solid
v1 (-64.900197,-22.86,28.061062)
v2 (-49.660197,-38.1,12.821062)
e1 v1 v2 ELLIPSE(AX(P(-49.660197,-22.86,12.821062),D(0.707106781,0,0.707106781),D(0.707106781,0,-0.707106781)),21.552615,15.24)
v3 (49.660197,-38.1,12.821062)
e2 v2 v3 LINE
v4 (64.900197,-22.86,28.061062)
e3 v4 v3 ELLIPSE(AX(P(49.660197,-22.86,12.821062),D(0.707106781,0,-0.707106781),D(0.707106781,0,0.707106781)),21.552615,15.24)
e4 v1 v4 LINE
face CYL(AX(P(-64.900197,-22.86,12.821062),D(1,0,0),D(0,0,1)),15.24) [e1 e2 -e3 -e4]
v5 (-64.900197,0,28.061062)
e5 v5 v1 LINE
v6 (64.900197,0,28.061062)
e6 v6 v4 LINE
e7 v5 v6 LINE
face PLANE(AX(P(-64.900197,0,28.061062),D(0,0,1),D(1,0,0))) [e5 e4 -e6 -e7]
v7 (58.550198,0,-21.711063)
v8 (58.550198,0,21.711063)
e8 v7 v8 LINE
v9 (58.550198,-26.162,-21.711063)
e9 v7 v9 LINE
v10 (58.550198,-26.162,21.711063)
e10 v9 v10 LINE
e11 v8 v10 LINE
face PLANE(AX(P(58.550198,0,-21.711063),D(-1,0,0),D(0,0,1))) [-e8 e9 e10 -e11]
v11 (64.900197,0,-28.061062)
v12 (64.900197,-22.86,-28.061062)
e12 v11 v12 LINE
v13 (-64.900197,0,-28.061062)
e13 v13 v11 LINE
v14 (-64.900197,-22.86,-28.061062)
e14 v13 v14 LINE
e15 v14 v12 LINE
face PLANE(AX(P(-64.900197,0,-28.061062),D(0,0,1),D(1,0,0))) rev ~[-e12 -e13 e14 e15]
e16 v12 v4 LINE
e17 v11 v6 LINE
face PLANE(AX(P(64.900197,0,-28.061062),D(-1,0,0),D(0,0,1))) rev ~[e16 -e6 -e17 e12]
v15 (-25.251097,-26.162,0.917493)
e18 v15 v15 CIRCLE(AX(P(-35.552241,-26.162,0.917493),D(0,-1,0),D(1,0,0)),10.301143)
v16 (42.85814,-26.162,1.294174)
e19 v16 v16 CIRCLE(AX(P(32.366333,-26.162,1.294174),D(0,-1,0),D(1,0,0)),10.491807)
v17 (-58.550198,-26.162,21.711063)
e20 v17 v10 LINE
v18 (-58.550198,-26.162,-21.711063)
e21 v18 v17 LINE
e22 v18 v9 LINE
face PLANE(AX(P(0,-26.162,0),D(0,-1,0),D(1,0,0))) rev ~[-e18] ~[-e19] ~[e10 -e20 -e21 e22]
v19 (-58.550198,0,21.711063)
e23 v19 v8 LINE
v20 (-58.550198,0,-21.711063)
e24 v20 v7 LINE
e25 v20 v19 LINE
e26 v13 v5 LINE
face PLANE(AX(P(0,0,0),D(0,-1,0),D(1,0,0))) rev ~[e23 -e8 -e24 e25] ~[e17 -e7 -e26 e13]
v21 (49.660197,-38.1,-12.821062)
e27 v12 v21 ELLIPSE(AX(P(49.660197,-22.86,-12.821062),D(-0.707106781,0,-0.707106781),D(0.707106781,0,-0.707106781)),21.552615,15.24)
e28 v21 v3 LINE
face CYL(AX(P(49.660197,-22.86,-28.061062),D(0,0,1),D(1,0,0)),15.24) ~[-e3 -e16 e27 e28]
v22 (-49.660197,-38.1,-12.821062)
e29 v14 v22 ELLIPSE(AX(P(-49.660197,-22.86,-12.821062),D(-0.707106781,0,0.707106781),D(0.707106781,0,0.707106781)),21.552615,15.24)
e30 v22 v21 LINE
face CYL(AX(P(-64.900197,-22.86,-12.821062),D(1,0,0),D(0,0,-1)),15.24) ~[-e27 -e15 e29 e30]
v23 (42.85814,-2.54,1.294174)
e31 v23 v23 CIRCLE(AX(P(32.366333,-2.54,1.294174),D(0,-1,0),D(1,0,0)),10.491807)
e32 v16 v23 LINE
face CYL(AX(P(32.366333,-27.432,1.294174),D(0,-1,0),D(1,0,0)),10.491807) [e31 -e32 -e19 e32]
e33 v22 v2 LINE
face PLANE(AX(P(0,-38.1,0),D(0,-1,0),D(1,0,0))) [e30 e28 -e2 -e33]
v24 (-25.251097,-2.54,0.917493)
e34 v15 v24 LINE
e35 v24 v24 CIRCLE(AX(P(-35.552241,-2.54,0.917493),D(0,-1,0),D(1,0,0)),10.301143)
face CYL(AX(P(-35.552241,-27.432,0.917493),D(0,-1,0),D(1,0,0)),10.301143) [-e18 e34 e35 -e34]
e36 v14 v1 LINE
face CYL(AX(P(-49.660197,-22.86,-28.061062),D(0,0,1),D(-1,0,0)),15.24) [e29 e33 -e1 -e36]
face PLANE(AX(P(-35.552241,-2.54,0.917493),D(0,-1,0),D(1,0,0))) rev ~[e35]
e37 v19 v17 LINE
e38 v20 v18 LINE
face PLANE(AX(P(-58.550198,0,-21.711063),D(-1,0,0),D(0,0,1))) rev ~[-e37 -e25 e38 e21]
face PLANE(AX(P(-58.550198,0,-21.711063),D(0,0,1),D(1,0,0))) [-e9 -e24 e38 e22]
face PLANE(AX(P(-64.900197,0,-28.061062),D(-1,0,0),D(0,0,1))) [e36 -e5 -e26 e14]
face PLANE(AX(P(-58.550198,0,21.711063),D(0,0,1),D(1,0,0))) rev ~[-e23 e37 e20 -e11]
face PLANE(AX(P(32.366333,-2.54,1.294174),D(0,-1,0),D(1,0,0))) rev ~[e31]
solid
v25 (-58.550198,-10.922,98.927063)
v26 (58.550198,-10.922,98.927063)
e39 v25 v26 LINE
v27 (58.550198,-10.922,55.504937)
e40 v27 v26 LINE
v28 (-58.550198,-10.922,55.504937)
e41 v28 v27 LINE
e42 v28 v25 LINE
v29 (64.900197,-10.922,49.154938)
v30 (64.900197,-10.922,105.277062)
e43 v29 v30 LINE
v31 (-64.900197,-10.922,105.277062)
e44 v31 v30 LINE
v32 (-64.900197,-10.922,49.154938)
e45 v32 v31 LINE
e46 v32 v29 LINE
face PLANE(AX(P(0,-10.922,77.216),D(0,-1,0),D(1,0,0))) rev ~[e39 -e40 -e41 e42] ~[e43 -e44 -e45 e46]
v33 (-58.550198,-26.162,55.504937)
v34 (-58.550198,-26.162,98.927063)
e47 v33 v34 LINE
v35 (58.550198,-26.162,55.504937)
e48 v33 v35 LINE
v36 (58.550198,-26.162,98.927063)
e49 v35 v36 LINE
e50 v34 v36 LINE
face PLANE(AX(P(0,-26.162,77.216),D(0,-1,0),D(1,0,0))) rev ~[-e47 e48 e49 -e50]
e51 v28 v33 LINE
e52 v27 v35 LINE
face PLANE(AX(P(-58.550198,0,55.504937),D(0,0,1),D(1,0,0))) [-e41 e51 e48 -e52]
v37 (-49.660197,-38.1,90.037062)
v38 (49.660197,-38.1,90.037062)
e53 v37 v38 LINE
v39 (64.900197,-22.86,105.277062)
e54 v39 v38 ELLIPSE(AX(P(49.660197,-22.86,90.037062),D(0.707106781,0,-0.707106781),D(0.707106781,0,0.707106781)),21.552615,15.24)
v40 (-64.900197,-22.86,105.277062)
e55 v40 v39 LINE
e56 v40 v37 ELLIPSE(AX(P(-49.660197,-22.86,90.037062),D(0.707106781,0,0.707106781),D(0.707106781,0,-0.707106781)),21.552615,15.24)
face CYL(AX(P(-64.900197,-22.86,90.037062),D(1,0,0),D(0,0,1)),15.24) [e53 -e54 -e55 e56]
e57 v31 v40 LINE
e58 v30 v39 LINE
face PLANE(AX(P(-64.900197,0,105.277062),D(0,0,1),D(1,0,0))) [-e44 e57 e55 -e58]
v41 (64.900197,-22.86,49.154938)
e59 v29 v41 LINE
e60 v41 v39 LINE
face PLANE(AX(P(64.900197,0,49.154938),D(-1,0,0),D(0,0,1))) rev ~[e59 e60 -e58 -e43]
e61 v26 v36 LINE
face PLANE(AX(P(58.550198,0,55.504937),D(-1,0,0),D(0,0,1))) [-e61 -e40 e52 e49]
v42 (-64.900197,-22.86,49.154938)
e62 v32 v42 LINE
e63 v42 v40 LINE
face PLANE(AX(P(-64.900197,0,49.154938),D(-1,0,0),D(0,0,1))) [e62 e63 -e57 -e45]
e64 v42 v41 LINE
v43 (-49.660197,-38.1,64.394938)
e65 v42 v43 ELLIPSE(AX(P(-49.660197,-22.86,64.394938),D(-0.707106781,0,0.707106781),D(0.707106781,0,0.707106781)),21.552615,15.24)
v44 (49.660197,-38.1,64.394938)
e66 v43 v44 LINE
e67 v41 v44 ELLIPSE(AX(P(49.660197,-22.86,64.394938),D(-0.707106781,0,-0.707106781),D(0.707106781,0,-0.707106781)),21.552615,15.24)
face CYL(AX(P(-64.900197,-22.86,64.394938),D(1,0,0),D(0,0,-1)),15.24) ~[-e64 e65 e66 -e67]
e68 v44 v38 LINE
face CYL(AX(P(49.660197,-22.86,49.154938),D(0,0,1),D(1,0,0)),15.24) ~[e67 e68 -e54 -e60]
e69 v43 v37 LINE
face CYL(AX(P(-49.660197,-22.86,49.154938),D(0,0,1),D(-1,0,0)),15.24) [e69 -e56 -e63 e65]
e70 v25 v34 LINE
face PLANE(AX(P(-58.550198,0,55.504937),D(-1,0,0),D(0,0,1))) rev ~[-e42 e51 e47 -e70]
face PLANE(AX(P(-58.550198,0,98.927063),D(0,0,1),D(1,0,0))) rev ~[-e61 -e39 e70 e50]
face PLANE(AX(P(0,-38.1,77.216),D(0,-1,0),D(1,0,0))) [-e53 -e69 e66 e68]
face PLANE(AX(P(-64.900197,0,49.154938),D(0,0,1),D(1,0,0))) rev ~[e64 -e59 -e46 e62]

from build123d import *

# Parameters (mm, degrees)
F0_W      = 129.8003941774
F0_H      = 56.1221241951
F1_DEPTH  = 38.1
F2_R      = 15.24
F4_W      = 117.1003952622
F4_H      = 43.4221252799
F5_DEPTH  = 26.162
F8_R      = 10.3011434824
F9_DEPTH  = 24.892
F10_R     = 10.4918071363
F11_DEPTH = 24.892
F12_DEPTH = 10.922


with BuildPart() as f1:
    # F0 (on Front) → F1 (new body)
    with BuildSketch(Plane.XZ):
        Rectangle(F0_W, F0_H)
    extrude(amount=F1_DEPTH)

    # F2
    f2_edges = [f1.edges().sort_by_distance(p)[0] for p in [
        (0, -38.1, -28.061062),
        (0, -38.1, 28.061062),
        (-64.900197, -38.1, 0),
        (64.900197, -38.1, 0),
    ]]
    fillet(f2_edges, radius=F2_R)

    # F4 (on face) → F5 (cut)
    with BuildSketch(Plane.XZ):
        Rectangle(F4_W, F4_H)
    extrude(amount=F5_DEPTH, mode=Mode.SUBTRACT)


with BuildPart() as f6_1:
    # F6: copy of F1
    add(f1.part.moved(Location((0, 0, 77.216))))

    # F12 (cut): a face of the model
    f12_faces = [f6_1.faces().sort_by_distance(p)[0] for p in [
        (0, 0, 50.5690749238),
    ]]
    extrude(f12_faces, amount=-F12_DEPTH, mode=Mode.SUBTRACT)


with BuildPart() as f1_1:
    add(f1.part)

    # F8 (on offset) → F9 (join)
    with BuildSketch(Plane.XZ.offset(27.432)):
        with Locations((-35.5522406348, 0.9174930234)):
            Circle(F8_R)
    extrude(amount=-F9_DEPTH)

    # F10 (on offset) → F11 (join)
    with BuildSketch(Plane.XZ.offset(27.432)):
        with Locations((32.3663327513, 1.2941742118)):
            Circle(F10_R)
    extrude(amount=-F11_DEPTH)


solid = Compound([f6_1.part, f1_1.part])
